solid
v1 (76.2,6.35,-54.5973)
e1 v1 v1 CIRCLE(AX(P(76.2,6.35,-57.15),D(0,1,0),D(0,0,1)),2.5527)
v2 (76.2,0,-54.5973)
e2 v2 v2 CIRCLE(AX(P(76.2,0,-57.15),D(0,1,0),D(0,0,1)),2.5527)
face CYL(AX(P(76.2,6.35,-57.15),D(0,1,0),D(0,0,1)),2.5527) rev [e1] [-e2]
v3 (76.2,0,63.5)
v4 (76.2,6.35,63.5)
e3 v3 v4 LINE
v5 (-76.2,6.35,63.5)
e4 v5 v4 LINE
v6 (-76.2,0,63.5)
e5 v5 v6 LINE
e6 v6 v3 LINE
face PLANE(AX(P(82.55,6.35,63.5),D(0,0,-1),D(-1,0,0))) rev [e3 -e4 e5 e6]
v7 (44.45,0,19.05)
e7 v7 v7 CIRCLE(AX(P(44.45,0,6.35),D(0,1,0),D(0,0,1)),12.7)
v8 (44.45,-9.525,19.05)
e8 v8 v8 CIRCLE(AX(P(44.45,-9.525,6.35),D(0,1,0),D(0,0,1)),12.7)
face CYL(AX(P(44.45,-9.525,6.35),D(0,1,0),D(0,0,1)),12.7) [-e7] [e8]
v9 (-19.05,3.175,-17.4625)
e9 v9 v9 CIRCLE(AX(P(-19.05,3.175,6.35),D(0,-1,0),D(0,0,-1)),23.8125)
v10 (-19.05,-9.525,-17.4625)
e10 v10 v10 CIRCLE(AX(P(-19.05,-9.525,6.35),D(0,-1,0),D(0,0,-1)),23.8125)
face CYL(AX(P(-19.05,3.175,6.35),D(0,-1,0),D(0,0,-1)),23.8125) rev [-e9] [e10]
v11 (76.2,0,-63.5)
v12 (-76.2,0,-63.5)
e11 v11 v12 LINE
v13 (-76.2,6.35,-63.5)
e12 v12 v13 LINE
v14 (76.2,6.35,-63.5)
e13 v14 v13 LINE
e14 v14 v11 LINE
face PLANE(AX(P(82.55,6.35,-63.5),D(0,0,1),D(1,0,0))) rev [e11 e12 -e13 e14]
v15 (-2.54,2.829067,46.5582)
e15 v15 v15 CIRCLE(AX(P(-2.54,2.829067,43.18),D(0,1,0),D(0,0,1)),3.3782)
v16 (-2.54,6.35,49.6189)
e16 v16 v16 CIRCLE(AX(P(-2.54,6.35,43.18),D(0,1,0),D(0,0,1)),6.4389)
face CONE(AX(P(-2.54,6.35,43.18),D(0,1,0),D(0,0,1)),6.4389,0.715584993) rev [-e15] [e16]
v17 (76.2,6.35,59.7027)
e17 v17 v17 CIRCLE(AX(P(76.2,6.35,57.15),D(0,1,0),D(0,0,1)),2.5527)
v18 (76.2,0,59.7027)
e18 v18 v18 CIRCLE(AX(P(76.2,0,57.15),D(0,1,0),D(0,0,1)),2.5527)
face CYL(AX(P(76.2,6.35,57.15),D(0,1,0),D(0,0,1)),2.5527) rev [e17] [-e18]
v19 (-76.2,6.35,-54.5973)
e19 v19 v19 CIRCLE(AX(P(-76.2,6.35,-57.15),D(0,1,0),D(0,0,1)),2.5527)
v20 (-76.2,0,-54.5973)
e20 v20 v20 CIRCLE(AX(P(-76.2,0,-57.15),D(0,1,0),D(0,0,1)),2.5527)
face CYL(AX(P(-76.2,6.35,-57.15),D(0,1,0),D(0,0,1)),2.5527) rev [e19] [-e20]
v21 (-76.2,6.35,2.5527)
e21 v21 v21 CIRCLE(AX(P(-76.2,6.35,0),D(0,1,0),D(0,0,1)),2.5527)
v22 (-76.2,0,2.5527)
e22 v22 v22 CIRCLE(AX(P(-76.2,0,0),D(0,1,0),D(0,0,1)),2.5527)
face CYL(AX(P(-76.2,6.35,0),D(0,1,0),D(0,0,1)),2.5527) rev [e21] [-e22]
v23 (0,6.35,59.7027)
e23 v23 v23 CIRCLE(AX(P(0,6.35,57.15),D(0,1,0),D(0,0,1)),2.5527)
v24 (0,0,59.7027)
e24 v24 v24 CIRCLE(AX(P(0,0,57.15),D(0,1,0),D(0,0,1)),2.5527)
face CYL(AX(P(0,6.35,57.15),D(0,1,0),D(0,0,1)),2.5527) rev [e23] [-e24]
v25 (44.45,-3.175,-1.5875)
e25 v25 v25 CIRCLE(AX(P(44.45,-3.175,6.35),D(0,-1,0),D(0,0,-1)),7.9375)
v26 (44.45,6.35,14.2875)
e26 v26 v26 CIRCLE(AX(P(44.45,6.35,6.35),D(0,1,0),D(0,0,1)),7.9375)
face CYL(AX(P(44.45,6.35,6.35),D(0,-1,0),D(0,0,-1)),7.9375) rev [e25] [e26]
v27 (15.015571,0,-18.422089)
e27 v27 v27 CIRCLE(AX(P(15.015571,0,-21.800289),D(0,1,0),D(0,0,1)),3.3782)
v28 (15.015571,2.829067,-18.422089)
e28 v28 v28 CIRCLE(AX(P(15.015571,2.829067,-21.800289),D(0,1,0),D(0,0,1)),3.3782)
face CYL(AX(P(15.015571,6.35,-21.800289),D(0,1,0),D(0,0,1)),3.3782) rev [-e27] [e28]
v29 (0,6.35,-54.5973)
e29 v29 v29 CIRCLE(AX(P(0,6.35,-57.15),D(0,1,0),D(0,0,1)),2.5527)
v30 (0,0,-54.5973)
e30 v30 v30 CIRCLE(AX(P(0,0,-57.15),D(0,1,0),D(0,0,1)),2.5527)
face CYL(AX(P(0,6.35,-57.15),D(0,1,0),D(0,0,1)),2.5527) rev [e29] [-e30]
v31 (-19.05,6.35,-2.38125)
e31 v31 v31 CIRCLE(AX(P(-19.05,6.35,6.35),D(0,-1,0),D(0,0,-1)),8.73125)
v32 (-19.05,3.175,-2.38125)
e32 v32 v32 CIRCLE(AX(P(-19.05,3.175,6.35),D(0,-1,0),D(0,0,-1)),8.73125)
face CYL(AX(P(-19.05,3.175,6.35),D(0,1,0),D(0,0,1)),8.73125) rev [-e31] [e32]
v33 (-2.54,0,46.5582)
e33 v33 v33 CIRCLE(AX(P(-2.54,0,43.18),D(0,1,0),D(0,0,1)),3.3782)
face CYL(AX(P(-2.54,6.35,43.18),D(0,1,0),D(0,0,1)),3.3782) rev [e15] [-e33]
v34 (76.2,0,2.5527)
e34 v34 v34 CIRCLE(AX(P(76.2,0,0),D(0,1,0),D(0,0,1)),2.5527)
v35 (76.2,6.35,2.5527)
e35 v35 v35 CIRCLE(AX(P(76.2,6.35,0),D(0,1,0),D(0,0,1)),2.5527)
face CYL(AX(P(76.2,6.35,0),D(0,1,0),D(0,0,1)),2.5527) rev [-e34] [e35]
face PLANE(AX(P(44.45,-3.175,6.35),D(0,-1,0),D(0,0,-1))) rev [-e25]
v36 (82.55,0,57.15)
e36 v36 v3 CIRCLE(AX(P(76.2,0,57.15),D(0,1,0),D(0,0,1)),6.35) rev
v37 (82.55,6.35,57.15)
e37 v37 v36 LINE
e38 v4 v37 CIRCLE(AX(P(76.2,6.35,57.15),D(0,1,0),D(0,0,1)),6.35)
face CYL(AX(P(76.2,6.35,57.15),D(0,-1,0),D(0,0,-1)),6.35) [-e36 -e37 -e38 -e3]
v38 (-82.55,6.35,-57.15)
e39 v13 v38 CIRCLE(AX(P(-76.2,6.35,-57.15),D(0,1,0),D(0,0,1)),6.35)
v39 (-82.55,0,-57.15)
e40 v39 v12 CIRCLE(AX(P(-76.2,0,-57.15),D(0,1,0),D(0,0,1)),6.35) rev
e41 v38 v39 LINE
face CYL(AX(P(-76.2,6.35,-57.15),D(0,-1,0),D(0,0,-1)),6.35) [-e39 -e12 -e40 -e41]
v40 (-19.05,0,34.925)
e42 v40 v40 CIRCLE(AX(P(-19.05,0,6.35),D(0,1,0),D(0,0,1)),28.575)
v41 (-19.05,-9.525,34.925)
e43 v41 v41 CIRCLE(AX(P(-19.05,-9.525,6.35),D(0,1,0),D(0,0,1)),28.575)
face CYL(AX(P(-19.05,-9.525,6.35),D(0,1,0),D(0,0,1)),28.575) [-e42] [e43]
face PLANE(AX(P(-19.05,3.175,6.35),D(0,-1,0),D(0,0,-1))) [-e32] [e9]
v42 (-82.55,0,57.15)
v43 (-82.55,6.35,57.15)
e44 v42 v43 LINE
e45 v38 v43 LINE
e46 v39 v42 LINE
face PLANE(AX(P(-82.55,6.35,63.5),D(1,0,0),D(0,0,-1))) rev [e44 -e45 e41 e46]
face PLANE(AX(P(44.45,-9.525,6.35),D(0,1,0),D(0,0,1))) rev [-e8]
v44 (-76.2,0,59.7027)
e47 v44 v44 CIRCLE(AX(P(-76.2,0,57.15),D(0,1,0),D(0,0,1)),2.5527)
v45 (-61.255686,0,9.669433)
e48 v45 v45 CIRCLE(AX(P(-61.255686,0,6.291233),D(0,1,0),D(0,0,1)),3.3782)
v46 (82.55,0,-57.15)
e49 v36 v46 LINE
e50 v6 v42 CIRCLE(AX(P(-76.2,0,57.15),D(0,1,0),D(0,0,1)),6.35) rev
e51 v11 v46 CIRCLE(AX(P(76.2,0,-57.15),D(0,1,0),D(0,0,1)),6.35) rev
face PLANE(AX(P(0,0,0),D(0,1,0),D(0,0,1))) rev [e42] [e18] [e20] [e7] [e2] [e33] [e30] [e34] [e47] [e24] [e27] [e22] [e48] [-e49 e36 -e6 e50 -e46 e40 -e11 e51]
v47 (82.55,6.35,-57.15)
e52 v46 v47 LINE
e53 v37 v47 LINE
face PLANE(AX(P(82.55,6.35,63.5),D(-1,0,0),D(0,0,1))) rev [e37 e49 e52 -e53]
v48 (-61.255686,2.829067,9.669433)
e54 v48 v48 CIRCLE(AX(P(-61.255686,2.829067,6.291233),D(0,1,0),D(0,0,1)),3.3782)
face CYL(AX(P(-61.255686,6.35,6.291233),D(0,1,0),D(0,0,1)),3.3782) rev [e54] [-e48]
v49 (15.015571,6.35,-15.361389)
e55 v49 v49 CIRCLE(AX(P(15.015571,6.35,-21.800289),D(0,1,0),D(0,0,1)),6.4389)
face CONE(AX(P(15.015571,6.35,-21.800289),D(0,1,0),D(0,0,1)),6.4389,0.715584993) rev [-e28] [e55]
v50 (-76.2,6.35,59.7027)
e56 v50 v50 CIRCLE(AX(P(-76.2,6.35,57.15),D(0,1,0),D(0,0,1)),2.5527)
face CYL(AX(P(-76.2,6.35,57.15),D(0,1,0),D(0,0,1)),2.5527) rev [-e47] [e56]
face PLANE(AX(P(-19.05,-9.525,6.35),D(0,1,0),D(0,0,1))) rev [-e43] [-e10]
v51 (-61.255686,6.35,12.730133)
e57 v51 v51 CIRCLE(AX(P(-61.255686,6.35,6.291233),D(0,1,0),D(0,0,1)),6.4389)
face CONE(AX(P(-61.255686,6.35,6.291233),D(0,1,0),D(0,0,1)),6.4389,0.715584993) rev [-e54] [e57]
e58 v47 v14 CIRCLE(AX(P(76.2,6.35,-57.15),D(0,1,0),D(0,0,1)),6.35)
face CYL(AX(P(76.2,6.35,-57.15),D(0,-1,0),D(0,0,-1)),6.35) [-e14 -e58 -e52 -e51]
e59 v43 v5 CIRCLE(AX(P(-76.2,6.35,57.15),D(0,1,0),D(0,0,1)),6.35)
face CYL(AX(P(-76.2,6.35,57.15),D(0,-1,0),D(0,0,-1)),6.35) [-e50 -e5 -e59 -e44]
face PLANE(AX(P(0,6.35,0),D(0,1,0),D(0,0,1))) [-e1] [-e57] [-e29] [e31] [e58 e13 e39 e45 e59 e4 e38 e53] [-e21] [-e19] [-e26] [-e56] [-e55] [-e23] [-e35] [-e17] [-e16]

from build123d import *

# Parameters (mm, degrees)
SKETCH1_W                                        = 165.1
SKETCH1_H                                        = 127
SKETCH1_R                                        = 7.14375
SKETCH1_R_2                                      = 7.9375
BOSS_EXTRUDE1_DEPTH                              = 6.35
SKETCH2_R                                        = 28.575
SKETCH2_R_2                                      = 7.14375
SKETCH2_R_3                                      = 12.7
SKETCH2_R_4                                      = 7.9375
BOSS_EXTRUDE2_DEPTH                              = 15.875
SKETCH3_R                                        = 8.73125
CUT_EXTRUDE1_DEPTH                               = 3.175
SKETCH4_R                                        = 23.8125
CUT_EXTRUDE2_DEPTH                               = 12.7
BOSS_EXTRUDE4_START                              = 3.175
SKETCH5_R                                        = 7.9375
BOSS_EXTRUDE4_DEPTH                              = 6.35
CSK_FOR_1_4_FLAT_HEAD_MACHINE_SCREW1_D           = 6.7564
CSK_FOR_1_4_FLAT_HEAD_MACHINE_SCREW1_CSINK_D     = 12.8778
CSK_FOR_1_4_FLAT_HEAD_MACHINE_SCREW1_CSINK_ANGLE = 82
FILLET1_R                                        = 6.35
F_10_CLEARANCE_HOLE1_D                           = 5.1054


with BuildPart() as part:
    # Sketch1 → Boss-Extrude1 (new body)
    with BuildSketch(Plane(origin=(0, 0, 0), x_dir=(1, 0, 0), z_dir=(0, 1, 0))):
        Rectangle(SKETCH1_W, SKETCH1_H)
        with Locations((-19.05, -6.35)):
            Circle(SKETCH1_R, mode=Mode.SUBTRACT)
        with Locations((44.45, -6.35)):
            Circle(SKETCH1_R_2, mode=Mode.SUBTRACT)
    extrude(amount=BOSS_EXTRUDE1_DEPTH)

    # Sketch2 → Boss-Extrude2 (add)
    with BuildSketch(Plane(origin=(0, 6.35, 0), x_dir=(1, 0, 0), z_dir=(0, 1, 0))):
        with Locations((-19.05, -6.35)):
            Circle(SKETCH2_R)
        with Locations((-19.05, -6.35)):
            Circle(SKETCH2_R_2, mode=Mode.SUBTRACT)
        with Locations((44.45, -6.35)):
            Circle(SKETCH2_R_3)
        with Locations((44.45, -6.35)):
            Circle(SKETCH2_R_4, mode=Mode.SUBTRACT)
    extrude(amount=-BOSS_EXTRUDE2_DEPTH)

    # Sketch3 → Cut-Extrude1 (cut)
    with BuildSketch(Plane.XZ.offset(-6.35)):
        with Locations((-19.05, 6.35)):
            Circle(SKETCH3_R)
    extrude(amount=CUT_EXTRUDE1_DEPTH, mode=Mode.SUBTRACT)

    # Sketch4 → Cut-Extrude2 (cut)
    with BuildSketch(Plane(origin=(0, -9.525, 0), x_dir=(-1, 0, 0), z_dir=(0, -1, 0))):
        with Locations((19.05, -6.35)):
            Circle(SKETCH4_R)
    extrude(amount=-CUT_EXTRUDE2_DEPTH, mode=Mode.SUBTRACT)

    # Sketch5 → Boss-Extrude4 (add)
    with BuildSketch(Plane.XZ.offset(BOSS_EXTRUDE4_START)):
        with Locations((44.45, 6.35)):
            Circle(SKETCH5_R)
    extrude(amount=BOSS_EXTRUDE4_DEPTH)

    # CSK for 1/4 Flat Head Machine Screw1 (through all)
    with Locations(Plane(origin=(0, 6.35, 0), x_dir=(1, 0, 0), z_dir=(0, 1, 0))):
        with Locations((-61.255686472, -6.291233063), (15.015571308, 21.800289443), (-2.54, -43.18)):
            CounterSinkHole(CSK_FOR_1_4_FLAT_HEAD_MACHINE_SCREW1_D / 2, CSK_FOR_1_4_FLAT_HEAD_MACHINE_SCREW1_CSINK_D / 2, counter_sink_angle=CSK_FOR_1_4_FLAT_HEAD_MACHINE_SCREW1_CSINK_ANGLE)

    # Fillet1
    fillet1_edges = [part.edges().sort_by_distance(p)[0] for p in [
        (-82.55, 3.175, -63.5),
        (82.55, 3.175, -63.5),
        (82.55, 3.175, 63.5),
        (-82.55, 3.175, 63.5),
    ]]
    fillet(fillet1_edges, radius=FILLET1_R)

    # #10 Clearance Hole1 (through all)
    with Locations(Plane(origin=(0, 6.35, 0), x_dir=(1, 0, 0), z_dir=(0, 1, 0))):
        with Locations((-76.2, -57.15), (-76.2, 57.15), (76.2, 57.15), (76.2, -57.15), (0, 57.15), (0, -57.15), (-76.2, 0), (76.2, 0)):
            Hole(F_10_CLEARANCE_HOLE1_D / 2)


solid = part.part
